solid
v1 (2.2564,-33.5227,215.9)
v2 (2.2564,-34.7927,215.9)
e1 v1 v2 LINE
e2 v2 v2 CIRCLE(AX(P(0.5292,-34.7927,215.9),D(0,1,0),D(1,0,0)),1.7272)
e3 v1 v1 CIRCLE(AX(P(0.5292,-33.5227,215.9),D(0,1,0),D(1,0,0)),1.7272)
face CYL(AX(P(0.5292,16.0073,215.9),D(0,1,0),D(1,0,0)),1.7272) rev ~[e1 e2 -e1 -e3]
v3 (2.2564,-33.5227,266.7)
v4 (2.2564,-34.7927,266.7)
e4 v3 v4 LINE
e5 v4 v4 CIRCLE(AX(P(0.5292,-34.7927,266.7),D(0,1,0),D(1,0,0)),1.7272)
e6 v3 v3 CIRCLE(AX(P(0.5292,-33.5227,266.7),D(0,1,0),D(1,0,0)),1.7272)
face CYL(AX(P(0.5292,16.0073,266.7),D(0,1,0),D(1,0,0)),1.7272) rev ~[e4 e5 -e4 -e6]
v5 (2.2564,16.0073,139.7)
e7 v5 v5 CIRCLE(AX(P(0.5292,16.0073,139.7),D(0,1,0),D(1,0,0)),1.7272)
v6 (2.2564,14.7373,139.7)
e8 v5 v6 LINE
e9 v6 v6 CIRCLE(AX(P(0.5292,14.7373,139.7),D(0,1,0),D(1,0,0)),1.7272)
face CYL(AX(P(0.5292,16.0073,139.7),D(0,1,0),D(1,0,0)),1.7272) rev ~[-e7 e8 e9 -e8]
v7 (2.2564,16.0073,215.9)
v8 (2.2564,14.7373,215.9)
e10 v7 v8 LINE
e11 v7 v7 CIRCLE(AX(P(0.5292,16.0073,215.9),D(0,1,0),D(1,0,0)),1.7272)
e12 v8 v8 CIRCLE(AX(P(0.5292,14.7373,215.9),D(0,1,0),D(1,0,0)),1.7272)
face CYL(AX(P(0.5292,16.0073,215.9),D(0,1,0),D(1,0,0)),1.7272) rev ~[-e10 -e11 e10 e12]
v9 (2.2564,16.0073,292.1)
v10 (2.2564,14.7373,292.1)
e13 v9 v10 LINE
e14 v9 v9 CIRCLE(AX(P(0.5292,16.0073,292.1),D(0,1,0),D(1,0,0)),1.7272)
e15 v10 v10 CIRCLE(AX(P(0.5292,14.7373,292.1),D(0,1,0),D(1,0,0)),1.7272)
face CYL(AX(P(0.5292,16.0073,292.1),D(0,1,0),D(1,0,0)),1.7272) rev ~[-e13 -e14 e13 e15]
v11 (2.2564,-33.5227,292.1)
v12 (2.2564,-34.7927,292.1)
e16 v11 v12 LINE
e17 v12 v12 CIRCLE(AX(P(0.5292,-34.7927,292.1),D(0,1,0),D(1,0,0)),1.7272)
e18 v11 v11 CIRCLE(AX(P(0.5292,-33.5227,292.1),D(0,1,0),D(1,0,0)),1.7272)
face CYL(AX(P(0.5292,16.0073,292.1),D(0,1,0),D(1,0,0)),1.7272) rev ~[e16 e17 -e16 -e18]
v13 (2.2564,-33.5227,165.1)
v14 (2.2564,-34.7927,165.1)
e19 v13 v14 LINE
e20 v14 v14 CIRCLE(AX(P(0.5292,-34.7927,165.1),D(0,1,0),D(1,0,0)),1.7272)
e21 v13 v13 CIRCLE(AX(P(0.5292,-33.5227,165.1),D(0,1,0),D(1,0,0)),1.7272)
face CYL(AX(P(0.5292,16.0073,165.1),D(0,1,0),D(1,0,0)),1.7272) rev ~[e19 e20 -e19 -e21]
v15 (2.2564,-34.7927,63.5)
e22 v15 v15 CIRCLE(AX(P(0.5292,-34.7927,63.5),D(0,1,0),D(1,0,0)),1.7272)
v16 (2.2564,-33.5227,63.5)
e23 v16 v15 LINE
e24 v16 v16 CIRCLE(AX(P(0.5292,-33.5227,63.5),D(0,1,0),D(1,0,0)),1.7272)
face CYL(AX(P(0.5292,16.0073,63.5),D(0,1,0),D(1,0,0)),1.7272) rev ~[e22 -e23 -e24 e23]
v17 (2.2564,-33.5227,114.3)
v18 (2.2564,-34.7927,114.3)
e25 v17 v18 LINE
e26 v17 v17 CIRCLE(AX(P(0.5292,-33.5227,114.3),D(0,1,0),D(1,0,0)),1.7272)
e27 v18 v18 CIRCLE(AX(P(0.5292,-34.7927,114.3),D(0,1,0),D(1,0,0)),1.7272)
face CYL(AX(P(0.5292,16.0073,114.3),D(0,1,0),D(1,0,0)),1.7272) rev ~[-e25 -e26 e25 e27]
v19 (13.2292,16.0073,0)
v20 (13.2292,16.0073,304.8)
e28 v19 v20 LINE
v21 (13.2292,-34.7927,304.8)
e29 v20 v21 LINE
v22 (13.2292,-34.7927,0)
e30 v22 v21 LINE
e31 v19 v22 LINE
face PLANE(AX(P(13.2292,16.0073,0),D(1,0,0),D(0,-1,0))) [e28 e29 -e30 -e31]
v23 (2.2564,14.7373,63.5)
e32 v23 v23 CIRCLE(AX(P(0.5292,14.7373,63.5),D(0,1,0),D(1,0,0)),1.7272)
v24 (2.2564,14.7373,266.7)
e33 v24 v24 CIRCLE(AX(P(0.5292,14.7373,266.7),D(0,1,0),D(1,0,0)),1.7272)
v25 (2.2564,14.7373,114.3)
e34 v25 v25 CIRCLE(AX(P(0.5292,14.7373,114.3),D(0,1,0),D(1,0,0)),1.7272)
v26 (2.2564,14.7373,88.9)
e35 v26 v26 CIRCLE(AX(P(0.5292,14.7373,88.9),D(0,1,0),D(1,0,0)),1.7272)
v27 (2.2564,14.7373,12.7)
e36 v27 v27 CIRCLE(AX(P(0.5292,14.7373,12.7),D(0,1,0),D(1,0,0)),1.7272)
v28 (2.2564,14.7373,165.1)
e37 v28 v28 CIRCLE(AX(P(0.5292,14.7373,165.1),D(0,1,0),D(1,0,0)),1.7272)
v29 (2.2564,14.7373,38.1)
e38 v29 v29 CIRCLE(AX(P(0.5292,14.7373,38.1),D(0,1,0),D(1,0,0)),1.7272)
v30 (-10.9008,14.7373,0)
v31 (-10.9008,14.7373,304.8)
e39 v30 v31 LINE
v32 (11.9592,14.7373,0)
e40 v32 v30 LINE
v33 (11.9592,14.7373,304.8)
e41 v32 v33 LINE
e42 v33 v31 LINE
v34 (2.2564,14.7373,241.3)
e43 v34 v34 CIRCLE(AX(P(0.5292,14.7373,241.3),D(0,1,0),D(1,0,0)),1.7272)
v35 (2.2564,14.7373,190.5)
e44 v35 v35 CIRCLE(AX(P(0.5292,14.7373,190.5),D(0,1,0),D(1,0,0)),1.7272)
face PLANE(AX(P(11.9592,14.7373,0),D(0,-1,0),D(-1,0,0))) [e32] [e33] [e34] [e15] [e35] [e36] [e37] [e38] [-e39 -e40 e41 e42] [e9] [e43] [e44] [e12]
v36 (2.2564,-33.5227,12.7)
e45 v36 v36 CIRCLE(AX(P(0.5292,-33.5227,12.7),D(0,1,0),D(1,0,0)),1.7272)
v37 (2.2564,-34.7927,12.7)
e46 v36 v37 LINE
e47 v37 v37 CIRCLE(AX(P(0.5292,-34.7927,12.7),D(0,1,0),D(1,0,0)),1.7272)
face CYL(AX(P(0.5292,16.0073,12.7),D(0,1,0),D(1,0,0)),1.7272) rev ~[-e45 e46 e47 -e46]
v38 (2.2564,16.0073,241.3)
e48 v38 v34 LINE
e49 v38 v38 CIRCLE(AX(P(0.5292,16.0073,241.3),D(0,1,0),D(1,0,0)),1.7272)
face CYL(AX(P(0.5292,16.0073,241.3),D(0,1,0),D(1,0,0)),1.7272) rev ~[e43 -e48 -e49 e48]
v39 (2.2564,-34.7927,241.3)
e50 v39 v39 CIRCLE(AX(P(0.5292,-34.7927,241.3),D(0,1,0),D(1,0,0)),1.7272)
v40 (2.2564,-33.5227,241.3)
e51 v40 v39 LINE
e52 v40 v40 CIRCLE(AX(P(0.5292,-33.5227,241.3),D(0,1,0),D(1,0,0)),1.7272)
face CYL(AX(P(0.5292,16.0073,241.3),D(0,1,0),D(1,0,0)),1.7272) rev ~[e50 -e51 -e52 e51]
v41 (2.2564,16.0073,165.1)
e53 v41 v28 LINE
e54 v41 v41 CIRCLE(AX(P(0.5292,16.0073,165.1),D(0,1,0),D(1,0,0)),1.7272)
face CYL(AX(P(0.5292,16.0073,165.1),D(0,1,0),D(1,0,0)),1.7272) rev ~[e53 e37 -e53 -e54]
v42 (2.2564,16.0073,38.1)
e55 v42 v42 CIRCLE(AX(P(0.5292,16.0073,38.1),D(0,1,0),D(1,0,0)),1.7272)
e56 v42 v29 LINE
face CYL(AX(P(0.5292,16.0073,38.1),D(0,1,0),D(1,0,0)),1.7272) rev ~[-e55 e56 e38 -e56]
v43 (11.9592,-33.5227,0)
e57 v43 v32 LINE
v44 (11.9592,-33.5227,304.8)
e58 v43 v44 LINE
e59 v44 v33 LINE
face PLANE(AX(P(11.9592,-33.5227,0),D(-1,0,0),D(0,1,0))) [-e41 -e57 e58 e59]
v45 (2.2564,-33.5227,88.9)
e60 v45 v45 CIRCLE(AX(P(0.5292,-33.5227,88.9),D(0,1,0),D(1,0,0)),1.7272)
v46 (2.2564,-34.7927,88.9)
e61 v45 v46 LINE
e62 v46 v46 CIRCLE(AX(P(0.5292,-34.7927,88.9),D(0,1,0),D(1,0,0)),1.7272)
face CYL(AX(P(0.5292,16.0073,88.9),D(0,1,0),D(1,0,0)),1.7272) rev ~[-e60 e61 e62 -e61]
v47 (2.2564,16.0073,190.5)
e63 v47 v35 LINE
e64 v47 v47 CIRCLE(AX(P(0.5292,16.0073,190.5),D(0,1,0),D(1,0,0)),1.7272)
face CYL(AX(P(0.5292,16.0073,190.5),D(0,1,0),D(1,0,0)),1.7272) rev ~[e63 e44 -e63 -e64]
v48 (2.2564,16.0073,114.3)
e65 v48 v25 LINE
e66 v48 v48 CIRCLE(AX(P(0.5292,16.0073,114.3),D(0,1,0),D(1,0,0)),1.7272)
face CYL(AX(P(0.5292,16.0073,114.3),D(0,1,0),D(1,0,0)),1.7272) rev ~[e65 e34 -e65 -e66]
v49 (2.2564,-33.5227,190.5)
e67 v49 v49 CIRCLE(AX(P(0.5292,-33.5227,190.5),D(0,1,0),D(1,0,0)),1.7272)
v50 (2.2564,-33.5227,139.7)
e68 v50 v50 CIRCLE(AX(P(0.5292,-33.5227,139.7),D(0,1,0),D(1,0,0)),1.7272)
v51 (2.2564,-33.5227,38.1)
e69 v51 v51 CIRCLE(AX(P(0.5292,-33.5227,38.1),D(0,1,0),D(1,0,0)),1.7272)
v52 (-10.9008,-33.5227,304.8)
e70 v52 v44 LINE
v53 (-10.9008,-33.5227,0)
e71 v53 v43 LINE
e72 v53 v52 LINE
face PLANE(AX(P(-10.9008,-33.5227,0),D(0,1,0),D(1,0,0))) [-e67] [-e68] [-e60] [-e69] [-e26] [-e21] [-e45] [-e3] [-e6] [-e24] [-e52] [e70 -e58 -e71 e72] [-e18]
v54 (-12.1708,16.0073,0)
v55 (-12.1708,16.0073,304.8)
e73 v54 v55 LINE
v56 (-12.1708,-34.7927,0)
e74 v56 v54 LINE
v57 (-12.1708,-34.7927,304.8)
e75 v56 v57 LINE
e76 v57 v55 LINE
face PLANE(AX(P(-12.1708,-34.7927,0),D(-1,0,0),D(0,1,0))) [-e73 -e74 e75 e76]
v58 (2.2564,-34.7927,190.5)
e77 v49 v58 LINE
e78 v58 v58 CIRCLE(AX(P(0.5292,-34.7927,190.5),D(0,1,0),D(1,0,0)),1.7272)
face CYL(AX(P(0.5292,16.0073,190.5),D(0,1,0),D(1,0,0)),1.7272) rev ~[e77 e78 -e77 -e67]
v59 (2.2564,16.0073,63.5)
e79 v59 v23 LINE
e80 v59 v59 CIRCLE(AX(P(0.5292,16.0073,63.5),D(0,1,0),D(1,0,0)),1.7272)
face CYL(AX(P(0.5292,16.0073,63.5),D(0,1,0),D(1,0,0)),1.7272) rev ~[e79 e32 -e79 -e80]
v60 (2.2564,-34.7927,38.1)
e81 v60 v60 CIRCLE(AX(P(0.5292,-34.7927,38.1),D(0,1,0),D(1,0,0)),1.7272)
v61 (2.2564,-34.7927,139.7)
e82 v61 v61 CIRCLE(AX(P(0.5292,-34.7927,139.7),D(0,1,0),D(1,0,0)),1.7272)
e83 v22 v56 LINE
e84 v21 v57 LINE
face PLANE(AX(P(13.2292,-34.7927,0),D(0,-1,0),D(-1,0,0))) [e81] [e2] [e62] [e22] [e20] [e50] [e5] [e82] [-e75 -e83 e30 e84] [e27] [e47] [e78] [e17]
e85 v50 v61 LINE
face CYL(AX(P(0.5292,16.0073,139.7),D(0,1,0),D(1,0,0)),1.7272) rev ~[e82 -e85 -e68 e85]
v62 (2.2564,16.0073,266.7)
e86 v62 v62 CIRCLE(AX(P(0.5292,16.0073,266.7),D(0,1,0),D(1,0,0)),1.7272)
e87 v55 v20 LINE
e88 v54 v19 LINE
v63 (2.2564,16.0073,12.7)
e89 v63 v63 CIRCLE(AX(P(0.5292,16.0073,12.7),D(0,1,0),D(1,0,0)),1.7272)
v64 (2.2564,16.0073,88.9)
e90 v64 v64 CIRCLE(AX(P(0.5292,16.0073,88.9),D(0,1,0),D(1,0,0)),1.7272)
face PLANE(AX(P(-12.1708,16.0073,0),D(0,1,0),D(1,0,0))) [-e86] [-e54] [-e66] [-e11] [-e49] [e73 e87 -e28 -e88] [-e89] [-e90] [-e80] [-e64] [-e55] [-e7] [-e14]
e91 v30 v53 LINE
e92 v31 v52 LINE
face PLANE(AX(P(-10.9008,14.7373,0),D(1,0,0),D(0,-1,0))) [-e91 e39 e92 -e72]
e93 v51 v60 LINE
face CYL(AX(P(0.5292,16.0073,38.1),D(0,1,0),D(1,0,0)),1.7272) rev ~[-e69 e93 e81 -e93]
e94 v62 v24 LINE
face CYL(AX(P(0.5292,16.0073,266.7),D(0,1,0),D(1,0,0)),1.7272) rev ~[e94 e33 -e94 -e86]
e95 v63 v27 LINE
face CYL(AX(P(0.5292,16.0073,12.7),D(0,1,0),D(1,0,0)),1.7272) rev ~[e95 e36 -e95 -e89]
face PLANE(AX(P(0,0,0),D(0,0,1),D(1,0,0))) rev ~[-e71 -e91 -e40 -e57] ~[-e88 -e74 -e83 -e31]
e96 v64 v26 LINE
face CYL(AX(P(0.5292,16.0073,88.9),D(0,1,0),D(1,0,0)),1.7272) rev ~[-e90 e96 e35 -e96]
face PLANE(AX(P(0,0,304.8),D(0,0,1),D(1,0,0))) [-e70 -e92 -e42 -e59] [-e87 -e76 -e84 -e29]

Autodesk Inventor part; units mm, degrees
ref_plane "YZ Plane" through (0, 0, 0) normal (1, 0, 0) x (0, 1, 0)
ref_plane "XZ Plane" through (0, 0, 0) normal (0, 1, 0) x (-1, 0, 0)
ref_plane "XY Plane" through (0, 0, 0) normal (0, 0, 1) x (1, 0, 0)
sketch "Sketch1" plane through (0, 0, 0) normal (0, 0, 1) x (1, 0, 0)
  line L0 (-12.1708, 16.0073) -> (13.2292, 16.0073)
  line L1 (13.2292, 16.0073) -> (13.2292, -34.7927)
  line L2 (13.2292, -34.7927) -> (-12.1708, -34.7927)
  line L3 (-12.1708, -34.7927) -> (-12.1708, 16.0073)
  line L4 (11.9592, 14.7373) -> (-10.9008, 14.7373)
  line L5 (-10.9008, 14.7373) -> (-10.9008, -33.5227)
  line L6 (-10.9008, -33.5227) -> (11.9592, -33.5227)
  line L7 (11.9592, -33.5227) -> (11.9592, 14.7373)
  point P0 (0, 0)
  dimension "d0" = 25.4
  dimension "d1" = 50.8
  dimension "d2" = 1.27
extrude "Extrusion1" add sketch "Sketch1" along normal blind 304.8
sketch "Sketch2" plane through (-12.1708, 16.0073, 0) normal (0, 1, 0) x (1, 0, 0)
  circle A0 centre (12.7, -12.7) radius 1.7272
  line L0 (25.4, 0) -> (0, 0) projected
  line L1 (0, 0) -> (0, -304.8) projected
  point P0 (12.1708, 0)
  dimension "d5" = 3.4544
  dimension "d6" = 12.7
  dimension "d7" = 12.7
extrude "Extrusion2" cut sketch "Sketch2" against normal through all
pattern_linear "Rectangular Pattern1" count 30 spacing 25.4 along (0, 0, 1) of "Extrusion2"
equation "\"d3\" = d13"
equation "\"d10\" = d14"
equation "\"d13\" = 304.8"
equation "\"d14\" = d13"
properties part number "VersaFrame (Gripper-BaseBar)"
